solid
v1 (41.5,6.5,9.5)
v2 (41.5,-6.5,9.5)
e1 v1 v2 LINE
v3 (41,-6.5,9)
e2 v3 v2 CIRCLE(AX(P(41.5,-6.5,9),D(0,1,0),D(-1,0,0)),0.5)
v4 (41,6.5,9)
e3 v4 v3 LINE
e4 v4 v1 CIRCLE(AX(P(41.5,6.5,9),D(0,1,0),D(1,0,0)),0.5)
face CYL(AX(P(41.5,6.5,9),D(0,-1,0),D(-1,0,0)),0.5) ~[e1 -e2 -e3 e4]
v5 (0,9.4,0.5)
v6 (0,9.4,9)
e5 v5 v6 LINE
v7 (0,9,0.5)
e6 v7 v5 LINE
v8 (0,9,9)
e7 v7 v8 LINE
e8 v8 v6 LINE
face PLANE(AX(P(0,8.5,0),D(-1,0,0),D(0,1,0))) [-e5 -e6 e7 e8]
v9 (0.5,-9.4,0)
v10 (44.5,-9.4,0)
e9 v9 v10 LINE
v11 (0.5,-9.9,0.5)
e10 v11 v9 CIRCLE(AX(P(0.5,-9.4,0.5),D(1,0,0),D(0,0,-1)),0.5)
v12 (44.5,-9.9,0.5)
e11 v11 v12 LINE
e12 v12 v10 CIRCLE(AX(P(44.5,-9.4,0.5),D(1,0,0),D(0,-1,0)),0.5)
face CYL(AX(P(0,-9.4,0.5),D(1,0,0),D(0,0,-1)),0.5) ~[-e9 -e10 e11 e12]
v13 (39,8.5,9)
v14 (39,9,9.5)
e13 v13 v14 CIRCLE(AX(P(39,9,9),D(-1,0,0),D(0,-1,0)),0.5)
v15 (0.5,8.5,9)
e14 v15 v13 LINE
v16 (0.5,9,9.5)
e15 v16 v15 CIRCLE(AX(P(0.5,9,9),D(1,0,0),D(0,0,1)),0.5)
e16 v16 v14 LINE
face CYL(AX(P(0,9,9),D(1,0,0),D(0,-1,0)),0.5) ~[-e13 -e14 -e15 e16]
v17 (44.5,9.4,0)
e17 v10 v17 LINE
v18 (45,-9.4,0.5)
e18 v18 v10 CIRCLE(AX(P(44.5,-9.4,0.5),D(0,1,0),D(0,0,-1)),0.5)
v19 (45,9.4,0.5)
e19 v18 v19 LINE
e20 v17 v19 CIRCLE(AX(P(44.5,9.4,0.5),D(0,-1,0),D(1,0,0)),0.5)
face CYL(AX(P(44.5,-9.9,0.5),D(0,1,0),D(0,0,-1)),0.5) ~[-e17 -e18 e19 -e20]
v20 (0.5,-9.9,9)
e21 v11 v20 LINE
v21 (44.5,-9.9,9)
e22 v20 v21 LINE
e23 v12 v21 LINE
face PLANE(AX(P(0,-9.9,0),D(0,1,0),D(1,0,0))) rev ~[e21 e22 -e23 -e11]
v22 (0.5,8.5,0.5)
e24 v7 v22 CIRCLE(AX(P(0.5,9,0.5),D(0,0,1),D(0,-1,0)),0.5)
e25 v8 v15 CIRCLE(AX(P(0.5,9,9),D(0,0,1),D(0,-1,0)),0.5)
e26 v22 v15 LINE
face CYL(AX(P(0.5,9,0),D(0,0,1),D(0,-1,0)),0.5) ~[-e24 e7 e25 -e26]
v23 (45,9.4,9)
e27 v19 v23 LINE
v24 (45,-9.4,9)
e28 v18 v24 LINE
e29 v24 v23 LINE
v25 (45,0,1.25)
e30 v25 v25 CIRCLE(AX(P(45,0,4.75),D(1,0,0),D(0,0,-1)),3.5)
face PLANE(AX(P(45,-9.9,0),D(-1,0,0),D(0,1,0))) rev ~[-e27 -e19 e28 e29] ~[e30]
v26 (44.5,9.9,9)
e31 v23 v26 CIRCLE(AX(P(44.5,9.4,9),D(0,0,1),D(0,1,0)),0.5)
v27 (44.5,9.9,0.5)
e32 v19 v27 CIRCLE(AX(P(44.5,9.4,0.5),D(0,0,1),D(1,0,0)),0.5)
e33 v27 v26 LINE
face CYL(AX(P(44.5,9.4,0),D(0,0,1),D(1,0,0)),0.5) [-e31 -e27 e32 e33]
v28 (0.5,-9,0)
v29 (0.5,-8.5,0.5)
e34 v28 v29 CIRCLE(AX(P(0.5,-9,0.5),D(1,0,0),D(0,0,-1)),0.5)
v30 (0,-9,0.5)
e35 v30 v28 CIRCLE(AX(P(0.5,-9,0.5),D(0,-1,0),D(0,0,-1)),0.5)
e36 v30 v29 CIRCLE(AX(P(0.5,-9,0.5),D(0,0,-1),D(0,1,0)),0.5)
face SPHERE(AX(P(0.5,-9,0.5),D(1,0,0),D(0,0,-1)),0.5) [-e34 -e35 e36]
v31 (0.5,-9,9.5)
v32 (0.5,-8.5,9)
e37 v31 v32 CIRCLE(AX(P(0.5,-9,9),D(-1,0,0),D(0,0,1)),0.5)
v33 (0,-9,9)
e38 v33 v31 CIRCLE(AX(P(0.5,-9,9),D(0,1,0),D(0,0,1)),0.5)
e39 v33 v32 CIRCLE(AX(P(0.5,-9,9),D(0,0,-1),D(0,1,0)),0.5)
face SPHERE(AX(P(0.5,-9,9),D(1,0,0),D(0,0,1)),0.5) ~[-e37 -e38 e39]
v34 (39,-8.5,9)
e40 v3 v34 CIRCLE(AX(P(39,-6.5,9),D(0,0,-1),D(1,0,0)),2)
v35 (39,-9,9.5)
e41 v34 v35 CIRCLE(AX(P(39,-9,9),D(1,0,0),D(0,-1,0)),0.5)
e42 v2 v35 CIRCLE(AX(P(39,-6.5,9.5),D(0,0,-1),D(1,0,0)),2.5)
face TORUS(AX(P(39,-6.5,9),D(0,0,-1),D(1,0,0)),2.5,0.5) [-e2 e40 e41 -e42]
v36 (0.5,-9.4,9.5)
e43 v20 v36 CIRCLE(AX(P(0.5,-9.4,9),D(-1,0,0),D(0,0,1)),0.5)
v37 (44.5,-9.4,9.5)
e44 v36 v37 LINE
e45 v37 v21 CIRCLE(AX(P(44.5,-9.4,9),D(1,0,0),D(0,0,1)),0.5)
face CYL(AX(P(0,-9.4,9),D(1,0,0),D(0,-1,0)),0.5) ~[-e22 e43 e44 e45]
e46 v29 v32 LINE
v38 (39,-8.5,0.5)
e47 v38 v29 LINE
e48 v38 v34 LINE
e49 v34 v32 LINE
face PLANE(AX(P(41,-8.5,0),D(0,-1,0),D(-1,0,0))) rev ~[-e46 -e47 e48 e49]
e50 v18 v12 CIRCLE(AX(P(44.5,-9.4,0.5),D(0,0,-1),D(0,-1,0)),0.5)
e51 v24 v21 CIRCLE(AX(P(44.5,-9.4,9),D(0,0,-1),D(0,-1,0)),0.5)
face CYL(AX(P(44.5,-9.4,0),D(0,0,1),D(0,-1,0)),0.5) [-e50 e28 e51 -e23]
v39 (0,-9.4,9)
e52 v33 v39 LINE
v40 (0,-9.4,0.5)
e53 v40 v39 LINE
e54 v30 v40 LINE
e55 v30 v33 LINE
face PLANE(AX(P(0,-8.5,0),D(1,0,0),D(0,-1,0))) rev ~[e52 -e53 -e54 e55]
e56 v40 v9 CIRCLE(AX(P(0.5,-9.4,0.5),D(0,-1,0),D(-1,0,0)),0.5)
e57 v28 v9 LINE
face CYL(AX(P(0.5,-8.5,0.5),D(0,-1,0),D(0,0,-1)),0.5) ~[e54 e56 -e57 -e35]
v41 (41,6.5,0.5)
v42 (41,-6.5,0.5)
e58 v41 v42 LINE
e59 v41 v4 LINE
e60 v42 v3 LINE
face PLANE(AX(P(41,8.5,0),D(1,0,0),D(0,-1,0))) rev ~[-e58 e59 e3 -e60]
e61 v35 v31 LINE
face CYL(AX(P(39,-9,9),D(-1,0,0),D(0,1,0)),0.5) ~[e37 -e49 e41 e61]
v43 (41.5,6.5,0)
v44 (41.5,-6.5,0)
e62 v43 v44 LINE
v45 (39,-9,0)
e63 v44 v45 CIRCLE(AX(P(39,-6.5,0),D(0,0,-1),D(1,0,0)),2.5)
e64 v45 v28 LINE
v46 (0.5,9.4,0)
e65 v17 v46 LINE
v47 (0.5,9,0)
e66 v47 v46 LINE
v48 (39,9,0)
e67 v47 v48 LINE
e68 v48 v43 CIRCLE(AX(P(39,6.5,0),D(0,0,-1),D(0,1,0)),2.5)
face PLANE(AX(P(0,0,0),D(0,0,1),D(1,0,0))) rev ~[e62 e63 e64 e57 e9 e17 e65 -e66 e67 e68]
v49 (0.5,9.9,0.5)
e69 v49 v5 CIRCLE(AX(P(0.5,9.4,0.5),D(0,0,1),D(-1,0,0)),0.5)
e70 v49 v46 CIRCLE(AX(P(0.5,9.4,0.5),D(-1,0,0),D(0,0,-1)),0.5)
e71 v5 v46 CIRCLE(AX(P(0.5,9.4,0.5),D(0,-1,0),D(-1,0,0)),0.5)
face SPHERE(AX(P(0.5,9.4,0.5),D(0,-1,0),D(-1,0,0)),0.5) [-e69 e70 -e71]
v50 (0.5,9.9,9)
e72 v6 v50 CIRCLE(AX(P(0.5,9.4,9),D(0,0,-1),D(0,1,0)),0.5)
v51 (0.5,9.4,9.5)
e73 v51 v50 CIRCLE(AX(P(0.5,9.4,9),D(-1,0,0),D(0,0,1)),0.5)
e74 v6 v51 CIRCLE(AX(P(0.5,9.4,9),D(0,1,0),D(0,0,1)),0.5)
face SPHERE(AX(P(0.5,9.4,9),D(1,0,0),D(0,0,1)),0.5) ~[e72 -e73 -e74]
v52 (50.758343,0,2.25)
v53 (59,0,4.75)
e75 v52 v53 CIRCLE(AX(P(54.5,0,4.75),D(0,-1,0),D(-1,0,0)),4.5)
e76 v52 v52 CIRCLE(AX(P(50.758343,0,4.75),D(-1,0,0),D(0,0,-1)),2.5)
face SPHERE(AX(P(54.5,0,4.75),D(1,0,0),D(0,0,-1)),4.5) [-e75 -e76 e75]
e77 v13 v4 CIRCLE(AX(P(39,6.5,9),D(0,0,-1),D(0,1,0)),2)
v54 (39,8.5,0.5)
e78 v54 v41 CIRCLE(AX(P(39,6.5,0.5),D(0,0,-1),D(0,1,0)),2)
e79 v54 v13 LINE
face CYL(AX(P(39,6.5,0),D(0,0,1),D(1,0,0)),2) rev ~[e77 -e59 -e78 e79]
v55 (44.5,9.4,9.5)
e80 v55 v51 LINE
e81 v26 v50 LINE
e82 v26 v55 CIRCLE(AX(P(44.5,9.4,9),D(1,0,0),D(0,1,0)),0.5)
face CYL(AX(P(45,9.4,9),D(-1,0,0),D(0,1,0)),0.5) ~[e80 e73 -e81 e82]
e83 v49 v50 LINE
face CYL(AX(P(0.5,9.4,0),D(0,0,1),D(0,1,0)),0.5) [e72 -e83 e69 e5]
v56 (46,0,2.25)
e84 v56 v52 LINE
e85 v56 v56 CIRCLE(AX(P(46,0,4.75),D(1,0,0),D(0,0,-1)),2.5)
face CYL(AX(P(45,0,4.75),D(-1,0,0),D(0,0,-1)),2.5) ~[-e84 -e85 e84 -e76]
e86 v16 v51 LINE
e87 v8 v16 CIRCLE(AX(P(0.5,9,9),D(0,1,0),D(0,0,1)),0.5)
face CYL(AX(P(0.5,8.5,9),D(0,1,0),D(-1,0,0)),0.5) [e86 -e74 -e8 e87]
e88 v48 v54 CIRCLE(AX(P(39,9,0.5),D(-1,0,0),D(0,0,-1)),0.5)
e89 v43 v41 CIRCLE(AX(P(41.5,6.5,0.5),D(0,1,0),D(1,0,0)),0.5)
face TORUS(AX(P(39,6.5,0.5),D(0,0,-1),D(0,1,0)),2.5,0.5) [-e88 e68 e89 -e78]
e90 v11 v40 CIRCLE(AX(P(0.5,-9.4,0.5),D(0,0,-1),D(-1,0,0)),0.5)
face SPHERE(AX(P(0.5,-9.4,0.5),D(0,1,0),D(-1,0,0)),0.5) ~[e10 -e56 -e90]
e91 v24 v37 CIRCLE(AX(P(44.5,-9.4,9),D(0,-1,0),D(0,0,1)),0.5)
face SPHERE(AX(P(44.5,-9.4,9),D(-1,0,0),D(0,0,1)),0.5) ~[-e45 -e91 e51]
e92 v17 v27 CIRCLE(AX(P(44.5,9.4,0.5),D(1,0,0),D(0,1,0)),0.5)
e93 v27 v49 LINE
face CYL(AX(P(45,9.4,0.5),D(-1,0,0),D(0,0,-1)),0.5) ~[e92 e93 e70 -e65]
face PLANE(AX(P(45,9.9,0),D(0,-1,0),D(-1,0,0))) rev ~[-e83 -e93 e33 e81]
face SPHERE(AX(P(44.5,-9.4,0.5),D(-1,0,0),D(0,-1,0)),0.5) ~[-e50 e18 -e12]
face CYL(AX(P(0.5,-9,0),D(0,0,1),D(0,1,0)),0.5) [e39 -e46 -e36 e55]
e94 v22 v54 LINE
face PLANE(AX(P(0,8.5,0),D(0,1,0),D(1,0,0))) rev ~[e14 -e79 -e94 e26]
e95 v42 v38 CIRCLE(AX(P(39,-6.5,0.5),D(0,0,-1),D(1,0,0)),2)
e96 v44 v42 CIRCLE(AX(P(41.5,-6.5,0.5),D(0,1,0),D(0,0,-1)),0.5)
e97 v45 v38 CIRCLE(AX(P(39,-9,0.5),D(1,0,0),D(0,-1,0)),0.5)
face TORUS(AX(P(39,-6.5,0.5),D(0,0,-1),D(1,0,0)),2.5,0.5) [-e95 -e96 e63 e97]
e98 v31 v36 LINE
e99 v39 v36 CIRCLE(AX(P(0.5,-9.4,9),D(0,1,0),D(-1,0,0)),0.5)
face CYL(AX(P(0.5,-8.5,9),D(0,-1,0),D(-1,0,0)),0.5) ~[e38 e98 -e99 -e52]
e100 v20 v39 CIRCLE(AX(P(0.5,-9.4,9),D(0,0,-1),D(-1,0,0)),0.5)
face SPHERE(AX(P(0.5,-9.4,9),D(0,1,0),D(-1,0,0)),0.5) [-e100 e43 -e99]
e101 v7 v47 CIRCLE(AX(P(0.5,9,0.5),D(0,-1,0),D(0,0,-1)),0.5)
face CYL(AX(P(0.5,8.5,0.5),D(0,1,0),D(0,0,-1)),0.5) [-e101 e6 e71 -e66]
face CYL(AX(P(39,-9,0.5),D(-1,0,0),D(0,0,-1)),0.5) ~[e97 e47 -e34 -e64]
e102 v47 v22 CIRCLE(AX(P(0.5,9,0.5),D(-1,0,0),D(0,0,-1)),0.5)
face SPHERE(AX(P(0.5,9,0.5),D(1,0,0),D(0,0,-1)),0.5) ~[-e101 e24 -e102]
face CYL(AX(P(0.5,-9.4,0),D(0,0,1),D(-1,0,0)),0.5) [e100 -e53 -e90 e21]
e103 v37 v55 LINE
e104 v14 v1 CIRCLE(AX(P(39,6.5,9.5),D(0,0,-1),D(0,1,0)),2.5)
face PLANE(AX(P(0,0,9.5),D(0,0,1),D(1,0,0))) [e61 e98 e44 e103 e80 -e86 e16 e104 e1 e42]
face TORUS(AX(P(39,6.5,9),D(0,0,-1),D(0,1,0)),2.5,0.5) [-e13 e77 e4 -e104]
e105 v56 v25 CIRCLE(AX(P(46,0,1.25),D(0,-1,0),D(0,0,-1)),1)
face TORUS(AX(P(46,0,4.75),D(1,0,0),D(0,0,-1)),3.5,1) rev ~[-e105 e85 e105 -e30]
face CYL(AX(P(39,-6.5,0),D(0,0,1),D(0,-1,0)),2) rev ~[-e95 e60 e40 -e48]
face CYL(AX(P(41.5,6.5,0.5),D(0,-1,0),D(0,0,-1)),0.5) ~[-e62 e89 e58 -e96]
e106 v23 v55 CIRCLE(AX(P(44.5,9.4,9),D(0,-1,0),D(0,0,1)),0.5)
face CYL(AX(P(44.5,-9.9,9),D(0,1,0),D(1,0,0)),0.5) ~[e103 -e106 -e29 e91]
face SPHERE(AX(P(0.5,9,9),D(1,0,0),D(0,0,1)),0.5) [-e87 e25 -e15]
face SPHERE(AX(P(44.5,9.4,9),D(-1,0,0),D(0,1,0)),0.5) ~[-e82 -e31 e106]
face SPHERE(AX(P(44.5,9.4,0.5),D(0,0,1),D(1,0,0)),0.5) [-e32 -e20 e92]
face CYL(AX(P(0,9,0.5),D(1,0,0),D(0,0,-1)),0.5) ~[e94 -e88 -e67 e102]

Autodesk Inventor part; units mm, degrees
ref_plane "YZ Plane" through (0, 0, 0) normal (1, 0, 0) x (0, 1, 0)
ref_plane "XZ Plane" through (0, 0, 0) normal (0, 1, 0) x (-1, 0, 0)
sketch "Sketch1" plane through (0, 0, 0) normal (0, 0, 1) x (1, 0, 0)
  line L0 (-9, 0) -> (54, 0) construction
  line L1 (0, -13.86) -> (0, 13.86) construction
  line L2 (0, 8.5) -> (41, 8.5)
  line L3 (41, 8.5) -> (41, -8.5)
  line L4 (41, -8.5) -> (0, -8.5)
  line L5 (0, -9.9) -> (45, -9.9)
  line L6 (45, -9.9) -> (45, 9.9)
  line L7 (45, 9.9) -> (0, 9.9)
  line L8 (0, 8.5) -> (0, 9.9)
  line L9 (0, -8.5) -> (0, -9.9)
  point P0 (0, 0)
  dimension "d0" = 17
  dimension "d1" = 19.8
  dimension "d2" = 45
  dimension "d3" = 4
extrude "Extrusion1" add sketch "Sketch1" along normal blind 9.5
sketch "Sketch2" plane through (45, -9.9, 0) normal (1, 0, 0) x (0, 0, -1)
  line L0 (0, 0) -> (0, 19.8) construction
  line L1 (0, 19.8) -> (-9.5, 19.8) construction
  line L2 (-9.5, 0) -> (-9.5, 19.8) construction
  line L3 (0, 0) -> (-9.5, 0) construction
  line L4 (-9.5, 0) -> (-9.5, 19.8) construction
  line L5 (-9.5, 9.9) -> (0, 9.9) construction
  line L6 (0, 0) -> (-9.5, 0) construction
  line L7 (-4.75, 0) -> (-4.75, 19.8) construction
  circle A0 centre (-4.75, 9.9) radius 2.5
  dimension "d6" = 5
extrude "Extrusion2" add sketch "Sketch2" along normal blind 9.5
ref_plane "Work Plane1" through (0, 0, 0) normal (0, -1, 0) x (1, 0, 0)
sketch "Sketch3" plane through (0, 0, 0) normal (0, -1, 0) x (1, 0, 0)
  line L0 (54.5, 2.25) -> (54.5, 7.25) construction
  line L1 (-11.7, 4.75) -> (70.2, 4.75) construction
  line L2 (54.5, 2.25) -> (54.5, 7.25) construction
  line L3 (45, 7.25) -> (45, 2.25) construction
  arc A0 (50, 4.75) -> (59, 4.75) centre (54.5, 4.75) ccw
  line L4 (59, 4.75) -> (50, 4.75)
  point P0 (0, 0)
  dimension "d9" = 4.5
revolve "Revolution1" add sketch "Sketch3" angle 360 about axis through (45, 0, 4.75) along (1, 0, 0)
fillet "Fillet1" radius 1 1 edges at (45, 0, 7.25)
fillet "Fillet2" radius 2 2 edges at (41, -8.5, 4.75) (41, 8.5, 4.75)
fillet "Fillet3" radius 0.5 22 edges at (22.5, 9.9, 9.5) (41, 0, 9.5) (19.5, -8.5, 9.5) (19.5, 8.5, 9.5) (41, 0, 0) (19.5, -8.5, 0) (19.5, 8.5, 0) (0, 9.2, 0) (0, 9.2, 9.5) (0, -9.2, 9.5) (0, -9.2, 0) (0, -9.9, 4.75) (0, -8.5, 4.75) (22.5, -9.9, 9.5) (22.5, -9.9, 0) (0, 9.9, 4.75) (0, 8.5, 4.75) (45, 9.9, 4.75) (45, 0, 9.5) (45, -9.9, 4.75) (45, 0, 0) (22.5, 9.9, 0)
properties part number "10x20-plunger-V1"
